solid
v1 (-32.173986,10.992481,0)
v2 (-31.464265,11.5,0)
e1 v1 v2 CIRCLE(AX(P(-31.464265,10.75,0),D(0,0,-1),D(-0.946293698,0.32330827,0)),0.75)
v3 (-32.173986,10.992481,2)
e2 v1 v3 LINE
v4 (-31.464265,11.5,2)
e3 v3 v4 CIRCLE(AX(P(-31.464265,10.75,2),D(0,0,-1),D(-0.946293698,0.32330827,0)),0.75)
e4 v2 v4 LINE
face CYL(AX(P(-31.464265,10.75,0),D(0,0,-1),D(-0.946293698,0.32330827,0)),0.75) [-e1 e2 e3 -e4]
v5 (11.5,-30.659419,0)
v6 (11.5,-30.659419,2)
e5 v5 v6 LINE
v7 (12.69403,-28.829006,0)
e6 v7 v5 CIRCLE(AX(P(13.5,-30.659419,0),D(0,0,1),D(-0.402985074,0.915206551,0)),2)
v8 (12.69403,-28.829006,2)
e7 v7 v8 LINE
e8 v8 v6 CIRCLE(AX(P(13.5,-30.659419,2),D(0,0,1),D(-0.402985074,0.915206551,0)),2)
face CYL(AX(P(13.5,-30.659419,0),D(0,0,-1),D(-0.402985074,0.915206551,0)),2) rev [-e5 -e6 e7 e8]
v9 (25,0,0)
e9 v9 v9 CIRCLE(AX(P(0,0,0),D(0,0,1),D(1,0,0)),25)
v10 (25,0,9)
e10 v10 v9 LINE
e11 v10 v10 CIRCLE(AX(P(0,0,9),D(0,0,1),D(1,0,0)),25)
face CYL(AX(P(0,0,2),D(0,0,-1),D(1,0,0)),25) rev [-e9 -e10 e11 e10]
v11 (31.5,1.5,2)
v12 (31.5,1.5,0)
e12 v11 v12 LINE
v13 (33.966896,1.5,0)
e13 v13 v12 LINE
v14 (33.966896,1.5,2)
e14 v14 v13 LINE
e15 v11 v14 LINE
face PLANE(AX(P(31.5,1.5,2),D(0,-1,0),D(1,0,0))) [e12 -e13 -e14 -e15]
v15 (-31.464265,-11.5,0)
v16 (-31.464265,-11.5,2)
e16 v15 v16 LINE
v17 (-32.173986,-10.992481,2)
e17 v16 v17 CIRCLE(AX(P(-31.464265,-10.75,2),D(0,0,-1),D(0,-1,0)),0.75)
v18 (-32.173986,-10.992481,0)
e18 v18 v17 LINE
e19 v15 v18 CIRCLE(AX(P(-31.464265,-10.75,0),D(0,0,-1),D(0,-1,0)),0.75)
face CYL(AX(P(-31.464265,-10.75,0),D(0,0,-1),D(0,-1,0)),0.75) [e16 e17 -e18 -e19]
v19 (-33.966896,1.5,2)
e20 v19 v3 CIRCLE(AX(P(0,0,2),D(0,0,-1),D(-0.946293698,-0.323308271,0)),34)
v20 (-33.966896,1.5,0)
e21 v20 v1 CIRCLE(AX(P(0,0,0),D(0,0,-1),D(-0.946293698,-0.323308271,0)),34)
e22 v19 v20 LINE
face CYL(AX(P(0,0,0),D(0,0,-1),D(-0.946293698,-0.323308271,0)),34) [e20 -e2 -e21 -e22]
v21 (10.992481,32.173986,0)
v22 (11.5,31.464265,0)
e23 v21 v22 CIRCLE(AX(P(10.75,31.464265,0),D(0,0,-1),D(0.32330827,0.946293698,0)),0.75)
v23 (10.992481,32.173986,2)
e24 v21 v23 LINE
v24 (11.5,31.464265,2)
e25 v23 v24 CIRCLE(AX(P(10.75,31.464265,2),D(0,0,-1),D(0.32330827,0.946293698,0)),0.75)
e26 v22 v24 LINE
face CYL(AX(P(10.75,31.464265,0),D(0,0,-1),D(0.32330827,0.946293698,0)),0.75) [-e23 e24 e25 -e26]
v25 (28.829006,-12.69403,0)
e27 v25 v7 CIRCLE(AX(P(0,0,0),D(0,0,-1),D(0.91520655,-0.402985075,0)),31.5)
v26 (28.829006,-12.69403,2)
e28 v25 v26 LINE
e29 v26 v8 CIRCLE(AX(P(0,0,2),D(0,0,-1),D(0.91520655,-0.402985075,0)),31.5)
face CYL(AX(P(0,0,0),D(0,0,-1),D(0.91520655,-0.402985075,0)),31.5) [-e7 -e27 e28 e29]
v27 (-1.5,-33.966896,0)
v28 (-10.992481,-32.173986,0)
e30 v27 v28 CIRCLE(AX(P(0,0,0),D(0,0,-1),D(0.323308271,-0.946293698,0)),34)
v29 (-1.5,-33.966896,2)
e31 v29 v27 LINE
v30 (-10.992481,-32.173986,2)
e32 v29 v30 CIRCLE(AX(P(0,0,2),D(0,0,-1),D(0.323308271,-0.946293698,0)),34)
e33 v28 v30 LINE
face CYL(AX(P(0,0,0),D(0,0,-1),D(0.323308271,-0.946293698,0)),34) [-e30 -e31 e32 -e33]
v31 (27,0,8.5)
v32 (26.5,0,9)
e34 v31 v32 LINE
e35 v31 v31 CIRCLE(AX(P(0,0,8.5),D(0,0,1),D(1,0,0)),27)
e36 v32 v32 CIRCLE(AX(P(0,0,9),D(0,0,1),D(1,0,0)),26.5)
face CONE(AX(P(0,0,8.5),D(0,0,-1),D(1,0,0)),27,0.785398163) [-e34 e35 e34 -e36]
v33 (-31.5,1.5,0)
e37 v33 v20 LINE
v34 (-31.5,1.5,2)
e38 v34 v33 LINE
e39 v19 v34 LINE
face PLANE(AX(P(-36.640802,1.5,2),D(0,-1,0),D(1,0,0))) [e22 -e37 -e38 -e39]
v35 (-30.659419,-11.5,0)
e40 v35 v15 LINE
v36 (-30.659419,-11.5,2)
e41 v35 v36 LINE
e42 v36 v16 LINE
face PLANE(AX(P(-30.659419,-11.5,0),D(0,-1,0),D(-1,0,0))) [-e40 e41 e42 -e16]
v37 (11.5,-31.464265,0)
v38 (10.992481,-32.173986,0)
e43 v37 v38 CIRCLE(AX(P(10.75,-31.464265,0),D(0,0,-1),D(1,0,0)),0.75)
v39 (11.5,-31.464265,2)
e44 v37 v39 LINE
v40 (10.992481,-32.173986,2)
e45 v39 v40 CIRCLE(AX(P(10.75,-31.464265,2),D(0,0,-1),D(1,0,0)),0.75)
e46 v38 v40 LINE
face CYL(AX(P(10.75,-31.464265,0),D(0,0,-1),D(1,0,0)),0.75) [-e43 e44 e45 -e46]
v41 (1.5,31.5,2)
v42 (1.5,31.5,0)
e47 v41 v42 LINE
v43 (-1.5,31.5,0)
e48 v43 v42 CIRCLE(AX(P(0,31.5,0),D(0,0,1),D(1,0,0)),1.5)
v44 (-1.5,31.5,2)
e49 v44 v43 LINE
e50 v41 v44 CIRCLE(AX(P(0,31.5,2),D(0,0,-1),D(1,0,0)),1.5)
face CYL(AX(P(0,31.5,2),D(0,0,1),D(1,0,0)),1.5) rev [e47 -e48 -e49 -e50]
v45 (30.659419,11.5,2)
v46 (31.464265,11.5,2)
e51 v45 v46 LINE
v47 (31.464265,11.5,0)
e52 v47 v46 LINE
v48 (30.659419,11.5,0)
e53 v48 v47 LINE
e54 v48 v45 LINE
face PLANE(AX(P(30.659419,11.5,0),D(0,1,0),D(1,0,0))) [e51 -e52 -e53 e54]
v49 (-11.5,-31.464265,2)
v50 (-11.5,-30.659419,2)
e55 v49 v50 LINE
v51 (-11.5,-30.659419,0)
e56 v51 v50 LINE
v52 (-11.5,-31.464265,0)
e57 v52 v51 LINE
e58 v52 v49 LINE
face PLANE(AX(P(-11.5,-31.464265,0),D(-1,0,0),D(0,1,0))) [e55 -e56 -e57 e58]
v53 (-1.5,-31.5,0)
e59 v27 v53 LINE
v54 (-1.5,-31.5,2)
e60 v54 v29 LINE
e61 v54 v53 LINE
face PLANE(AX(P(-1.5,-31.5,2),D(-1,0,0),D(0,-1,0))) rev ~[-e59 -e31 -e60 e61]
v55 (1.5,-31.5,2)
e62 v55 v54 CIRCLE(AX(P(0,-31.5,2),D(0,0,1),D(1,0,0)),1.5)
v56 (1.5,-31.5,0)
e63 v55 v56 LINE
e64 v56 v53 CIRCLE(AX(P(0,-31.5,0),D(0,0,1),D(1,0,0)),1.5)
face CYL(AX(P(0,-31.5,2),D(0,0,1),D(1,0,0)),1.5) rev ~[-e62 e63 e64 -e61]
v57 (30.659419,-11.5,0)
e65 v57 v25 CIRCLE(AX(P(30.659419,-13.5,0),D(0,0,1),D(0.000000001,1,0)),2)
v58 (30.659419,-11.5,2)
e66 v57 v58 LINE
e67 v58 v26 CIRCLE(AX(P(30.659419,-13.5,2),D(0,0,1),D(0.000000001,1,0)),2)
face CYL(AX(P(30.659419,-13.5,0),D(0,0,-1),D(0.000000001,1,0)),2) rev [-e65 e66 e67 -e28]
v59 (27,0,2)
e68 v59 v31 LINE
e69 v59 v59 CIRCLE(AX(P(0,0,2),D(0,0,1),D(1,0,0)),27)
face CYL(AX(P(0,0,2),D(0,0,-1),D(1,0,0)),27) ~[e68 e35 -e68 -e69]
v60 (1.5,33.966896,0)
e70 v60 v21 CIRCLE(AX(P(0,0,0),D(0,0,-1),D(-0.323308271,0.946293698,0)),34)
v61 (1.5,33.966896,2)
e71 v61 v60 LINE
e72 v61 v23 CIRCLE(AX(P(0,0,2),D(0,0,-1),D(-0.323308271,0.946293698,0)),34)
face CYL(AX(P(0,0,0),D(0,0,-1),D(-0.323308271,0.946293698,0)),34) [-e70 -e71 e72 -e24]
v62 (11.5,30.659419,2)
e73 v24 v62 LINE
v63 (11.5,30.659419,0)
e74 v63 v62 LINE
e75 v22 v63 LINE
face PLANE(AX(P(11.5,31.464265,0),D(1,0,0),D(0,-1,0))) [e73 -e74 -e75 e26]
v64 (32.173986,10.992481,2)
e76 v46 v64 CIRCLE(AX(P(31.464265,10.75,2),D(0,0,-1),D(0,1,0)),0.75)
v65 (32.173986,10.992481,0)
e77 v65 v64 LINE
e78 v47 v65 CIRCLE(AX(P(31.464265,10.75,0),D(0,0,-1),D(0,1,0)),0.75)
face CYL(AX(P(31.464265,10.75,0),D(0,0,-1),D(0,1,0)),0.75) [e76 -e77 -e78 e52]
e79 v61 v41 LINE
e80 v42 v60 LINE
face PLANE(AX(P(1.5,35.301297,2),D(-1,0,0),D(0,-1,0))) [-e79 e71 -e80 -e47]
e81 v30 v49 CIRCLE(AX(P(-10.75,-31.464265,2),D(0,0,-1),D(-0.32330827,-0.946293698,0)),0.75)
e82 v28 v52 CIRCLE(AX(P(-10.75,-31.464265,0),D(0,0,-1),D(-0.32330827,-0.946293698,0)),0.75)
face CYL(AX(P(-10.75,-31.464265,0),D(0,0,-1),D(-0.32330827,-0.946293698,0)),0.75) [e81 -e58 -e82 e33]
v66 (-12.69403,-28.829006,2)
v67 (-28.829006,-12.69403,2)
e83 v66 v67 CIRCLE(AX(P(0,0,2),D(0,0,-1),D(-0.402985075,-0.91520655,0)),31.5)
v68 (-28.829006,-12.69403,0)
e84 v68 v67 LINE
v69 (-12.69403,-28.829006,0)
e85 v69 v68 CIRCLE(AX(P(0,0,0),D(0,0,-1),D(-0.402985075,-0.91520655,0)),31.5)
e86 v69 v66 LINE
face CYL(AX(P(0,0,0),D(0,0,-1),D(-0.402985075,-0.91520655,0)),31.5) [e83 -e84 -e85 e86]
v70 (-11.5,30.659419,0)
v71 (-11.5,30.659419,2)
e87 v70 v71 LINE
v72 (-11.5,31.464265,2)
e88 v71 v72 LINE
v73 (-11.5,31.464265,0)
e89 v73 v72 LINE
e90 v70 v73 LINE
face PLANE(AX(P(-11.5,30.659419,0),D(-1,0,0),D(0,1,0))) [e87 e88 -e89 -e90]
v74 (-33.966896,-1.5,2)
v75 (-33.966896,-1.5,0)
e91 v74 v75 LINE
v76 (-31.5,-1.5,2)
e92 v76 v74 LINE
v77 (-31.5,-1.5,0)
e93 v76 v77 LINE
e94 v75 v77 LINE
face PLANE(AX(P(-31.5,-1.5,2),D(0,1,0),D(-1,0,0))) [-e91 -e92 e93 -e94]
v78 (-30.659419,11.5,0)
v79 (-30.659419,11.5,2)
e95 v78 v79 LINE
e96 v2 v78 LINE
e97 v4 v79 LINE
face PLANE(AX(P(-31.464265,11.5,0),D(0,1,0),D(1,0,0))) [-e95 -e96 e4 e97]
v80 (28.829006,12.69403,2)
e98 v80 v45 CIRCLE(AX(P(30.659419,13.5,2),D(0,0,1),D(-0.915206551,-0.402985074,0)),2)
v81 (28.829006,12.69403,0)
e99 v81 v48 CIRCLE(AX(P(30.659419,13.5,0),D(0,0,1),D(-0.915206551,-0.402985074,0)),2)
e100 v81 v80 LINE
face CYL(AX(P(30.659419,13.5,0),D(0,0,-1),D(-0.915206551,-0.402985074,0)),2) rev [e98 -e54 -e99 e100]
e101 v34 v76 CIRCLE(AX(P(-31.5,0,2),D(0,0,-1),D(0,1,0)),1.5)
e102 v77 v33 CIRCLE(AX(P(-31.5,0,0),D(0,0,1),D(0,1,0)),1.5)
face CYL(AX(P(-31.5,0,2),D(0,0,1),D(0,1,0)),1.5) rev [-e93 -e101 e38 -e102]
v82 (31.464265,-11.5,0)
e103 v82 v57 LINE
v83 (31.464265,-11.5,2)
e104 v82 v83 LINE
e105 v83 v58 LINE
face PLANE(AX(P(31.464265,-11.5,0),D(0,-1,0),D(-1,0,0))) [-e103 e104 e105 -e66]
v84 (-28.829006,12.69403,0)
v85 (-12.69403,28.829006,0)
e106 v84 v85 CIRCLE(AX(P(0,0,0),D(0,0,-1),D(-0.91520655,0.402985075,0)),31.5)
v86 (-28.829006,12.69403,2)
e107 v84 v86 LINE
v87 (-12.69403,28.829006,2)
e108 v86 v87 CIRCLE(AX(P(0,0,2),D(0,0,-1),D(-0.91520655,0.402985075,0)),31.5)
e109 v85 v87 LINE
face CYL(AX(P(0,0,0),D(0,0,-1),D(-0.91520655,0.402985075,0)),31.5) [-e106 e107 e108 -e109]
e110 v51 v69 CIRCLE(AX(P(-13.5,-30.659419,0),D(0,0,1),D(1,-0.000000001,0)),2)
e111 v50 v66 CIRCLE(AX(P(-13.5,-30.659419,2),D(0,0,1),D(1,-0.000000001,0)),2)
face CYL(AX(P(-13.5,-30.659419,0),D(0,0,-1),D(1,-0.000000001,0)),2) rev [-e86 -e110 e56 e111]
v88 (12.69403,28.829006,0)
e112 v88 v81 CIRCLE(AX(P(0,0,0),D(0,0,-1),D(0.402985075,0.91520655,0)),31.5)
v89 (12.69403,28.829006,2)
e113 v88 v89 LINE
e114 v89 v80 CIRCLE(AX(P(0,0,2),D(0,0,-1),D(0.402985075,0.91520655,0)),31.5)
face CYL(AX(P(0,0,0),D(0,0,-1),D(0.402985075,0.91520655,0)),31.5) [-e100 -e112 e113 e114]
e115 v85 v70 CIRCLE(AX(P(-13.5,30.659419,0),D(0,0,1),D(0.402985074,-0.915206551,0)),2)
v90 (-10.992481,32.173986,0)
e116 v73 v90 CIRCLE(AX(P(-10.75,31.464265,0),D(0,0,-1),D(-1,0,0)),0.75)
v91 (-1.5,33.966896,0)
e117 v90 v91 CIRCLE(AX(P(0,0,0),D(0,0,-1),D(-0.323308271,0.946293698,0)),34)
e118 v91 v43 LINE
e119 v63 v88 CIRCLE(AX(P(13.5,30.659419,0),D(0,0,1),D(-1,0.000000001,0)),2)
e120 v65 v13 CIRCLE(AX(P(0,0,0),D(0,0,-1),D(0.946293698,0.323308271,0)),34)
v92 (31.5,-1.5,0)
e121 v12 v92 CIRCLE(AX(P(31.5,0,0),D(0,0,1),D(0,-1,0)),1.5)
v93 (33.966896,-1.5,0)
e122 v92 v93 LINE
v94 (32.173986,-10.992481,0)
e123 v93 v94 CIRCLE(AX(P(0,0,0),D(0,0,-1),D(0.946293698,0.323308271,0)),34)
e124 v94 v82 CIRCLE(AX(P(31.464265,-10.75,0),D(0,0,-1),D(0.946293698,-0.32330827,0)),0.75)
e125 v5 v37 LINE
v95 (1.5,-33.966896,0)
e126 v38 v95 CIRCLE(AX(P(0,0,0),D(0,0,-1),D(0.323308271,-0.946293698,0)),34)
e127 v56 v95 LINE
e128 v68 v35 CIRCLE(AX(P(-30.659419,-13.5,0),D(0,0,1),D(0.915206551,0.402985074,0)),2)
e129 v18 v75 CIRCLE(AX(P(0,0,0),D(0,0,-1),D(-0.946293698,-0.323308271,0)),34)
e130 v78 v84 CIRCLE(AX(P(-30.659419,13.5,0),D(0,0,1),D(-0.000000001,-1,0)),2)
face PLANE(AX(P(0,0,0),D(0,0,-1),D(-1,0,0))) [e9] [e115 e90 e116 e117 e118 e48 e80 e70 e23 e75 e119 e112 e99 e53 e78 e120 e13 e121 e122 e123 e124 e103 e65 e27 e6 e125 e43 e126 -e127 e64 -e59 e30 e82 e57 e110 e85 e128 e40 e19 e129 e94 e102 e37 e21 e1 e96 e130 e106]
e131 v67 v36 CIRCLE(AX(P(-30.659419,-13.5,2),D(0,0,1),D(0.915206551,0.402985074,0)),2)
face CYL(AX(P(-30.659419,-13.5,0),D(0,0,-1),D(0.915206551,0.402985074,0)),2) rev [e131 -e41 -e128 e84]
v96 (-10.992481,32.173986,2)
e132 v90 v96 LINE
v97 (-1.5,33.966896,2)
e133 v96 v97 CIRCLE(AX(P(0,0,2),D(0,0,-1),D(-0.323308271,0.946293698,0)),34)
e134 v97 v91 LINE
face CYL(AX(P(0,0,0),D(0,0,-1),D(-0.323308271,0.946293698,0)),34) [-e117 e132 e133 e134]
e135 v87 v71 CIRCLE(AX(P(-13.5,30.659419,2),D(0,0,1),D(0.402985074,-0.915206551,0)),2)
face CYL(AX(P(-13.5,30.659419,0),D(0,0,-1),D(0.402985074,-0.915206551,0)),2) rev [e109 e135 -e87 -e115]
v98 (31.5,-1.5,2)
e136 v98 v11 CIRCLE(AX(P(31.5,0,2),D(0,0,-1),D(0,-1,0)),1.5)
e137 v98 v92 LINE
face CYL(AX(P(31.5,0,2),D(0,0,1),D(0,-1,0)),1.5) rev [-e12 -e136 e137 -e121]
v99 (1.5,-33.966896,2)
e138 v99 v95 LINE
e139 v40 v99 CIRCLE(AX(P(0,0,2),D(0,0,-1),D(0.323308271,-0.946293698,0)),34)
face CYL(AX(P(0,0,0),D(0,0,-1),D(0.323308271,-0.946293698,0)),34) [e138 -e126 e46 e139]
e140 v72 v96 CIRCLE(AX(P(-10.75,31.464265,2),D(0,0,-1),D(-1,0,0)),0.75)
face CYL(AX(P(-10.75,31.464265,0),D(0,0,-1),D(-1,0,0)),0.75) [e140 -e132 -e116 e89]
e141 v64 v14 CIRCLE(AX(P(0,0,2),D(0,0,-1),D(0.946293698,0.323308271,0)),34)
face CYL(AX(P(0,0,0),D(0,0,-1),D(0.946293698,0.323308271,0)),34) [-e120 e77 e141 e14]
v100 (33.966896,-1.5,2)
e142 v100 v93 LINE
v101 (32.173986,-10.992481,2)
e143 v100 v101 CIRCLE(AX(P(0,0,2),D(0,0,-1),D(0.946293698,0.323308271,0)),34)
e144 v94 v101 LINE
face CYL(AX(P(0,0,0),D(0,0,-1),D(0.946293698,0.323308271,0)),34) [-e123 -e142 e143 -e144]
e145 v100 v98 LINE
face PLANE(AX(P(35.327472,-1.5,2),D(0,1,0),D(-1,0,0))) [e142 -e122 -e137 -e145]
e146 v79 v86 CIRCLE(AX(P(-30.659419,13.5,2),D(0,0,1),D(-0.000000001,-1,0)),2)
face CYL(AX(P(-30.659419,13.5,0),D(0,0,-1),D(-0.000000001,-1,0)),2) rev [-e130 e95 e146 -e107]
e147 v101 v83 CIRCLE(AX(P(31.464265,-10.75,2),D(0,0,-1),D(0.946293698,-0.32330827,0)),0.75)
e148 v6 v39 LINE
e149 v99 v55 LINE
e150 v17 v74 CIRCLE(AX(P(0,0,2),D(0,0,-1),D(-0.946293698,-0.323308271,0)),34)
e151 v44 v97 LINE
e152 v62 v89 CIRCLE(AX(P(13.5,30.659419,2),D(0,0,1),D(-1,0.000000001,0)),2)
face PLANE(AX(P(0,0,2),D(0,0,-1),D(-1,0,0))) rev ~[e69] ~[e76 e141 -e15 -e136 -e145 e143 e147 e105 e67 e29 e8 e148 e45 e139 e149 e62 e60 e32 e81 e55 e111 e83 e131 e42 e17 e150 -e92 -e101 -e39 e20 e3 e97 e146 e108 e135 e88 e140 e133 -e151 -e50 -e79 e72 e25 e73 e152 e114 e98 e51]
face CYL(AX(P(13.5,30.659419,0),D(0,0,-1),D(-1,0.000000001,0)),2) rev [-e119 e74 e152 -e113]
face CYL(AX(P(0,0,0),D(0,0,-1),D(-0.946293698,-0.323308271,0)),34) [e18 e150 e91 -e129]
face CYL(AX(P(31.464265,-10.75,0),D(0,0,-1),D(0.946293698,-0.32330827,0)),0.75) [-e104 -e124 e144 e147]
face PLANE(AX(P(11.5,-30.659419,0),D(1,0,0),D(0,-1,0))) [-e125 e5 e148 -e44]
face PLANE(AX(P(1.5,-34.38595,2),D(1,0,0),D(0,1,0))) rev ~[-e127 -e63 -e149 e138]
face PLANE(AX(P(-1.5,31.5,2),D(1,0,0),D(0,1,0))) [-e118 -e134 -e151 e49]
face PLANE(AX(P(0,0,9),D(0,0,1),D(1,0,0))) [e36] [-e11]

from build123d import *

# Parameters (mm, degrees)
SKETCH1_R           = 25
BOSS_EXTRUDE1_DEPTH = 2
SKETCH2_R           = 27
SKETCH2_R_2         = 25
BOSS_EXTRUDE2_DEPTH = 7
CUT_EXTRUDE1_DEPTH  = 49.590122453
CHAMFER1_SIZE       = 0.5


with BuildPart() as part:
    # Sketch1 → Boss-Extrude1 (new body)
    with BuildSketch(Plane.XY):
        with BuildLine():
            Line((-11.5, 30.659419425), (-11.5, 31.464265445))
            ThreePointArc((-11.5, 31.464265445), (-11.36006594, 31.900521733), (-10.992481203, 32.173985718))
            ThreePointArc((-10.992481203, 32.173985718), (0, 34), (10.992481203, 32.173985718))
            ThreePointArc((10.992481203, 32.173985718), (11.36006594, 31.900521733), (11.5, 31.464265445))
            Line((11.5, 31.464265445), (11.5, 30.659419425))
            ThreePointArc((11.5, 30.659419425), (11.824896973, 29.566702695), (12.694029851, 28.829006324))
            ThreePointArc((12.694029851, 28.829006324), (22.273863602, 22.273863602), (28.829006324, 12.694029851))
            ThreePointArc((28.829006324, 12.694029851), (29.566702695, 11.824896973), (30.659419425, 11.5))
            Line((30.659419425, 11.5), (31.464265445, 11.5))
            ThreePointArc((31.464265445, 11.5), (31.900521733, 11.36006594), (32.173985718, 10.992481203))
            ThreePointArc((32.173985718, 10.992481203), (34, 0), (32.173985718, -10.992481203))
            ThreePointArc((32.173985718, -10.992481203), (31.900521733, -11.36006594), (31.464265445, -11.5))
            Line((31.464265445, -11.5), (30.659419425, -11.5))
            ThreePointArc((30.659419425, -11.5), (29.566702695, -11.824896973), (28.829006324, -12.694029851))
            ThreePointArc((28.829006324, -12.694029851), (22.273863602, -22.273863602), (12.694029851, -28.829006324))
            ThreePointArc((12.694029851, -28.829006324), (11.824896973, -29.566702695), (11.5, -30.659419425))
            Line((11.5, -30.659419425), (11.5, -31.464265445))
            ThreePointArc((11.5, -31.464265445), (11.36006594, -31.900521733), (10.992481203, -32.173985718))
            ThreePointArc((10.992481203, -32.173985718), (0, -34), (-10.992481203, -32.173985718))
            ThreePointArc((-10.992481203, -32.173985718), (-11.36006594, -31.900521733), (-11.5, -31.464265445))
            Line((-11.5, -31.464265445), (-11.5, -30.659419425))
            ThreePointArc((-11.5, -30.659419425), (-11.824896973, -29.566702695), (-12.694029851, -28.829006324))
            ThreePointArc((-12.694029851, -28.829006324), (-22.273863602, -22.273863602), (-28.829006324, -12.694029851))
            ThreePointArc((-28.829006324, -12.694029851), (-29.566702695, -11.824896973), (-30.659419425, -11.5))
            Line((-30.659419425, -11.5), (-31.464265445, -11.5))
            ThreePointArc((-31.464265445, -11.5), (-31.900521733, -11.36006594), (-32.173985718, -10.992481203))
            ThreePointArc((-32.173985718, -10.992481203), (-34, 0), (-32.173985718, 10.992481203))
            ThreePointArc((-32.173985718, 10.992481203), (-31.900521733, 11.36006594), (-31.464265445, 11.5))
            Line((-31.464265445, 11.5), (-30.659419425, 11.5))
            ThreePointArc((-30.659419425, 11.5), (-29.566702695, 11.824896973), (-28.829006324, 12.694029851))
            ThreePointArc((-28.829006324, 12.694029851), (-22.273863602, 22.273863602), (-12.694029851, 28.829006324))
            ThreePointArc((-12.694029851, 28.829006324), (-11.824896973, 29.566702695), (-11.5, 30.659419425))
        make_face()
        Circle(SKETCH1_R, mode=Mode.SUBTRACT)
    extrude(amount=BOSS_EXTRUDE1_DEPTH)

    # Sketch2 → Boss-Extrude2 (add)
    with BuildSketch(Plane.XY.offset(2)):
        Circle(SKETCH2_R)
        Circle(SKETCH2_R_2, mode=Mode.SUBTRACT)
    extrude(amount=BOSS_EXTRUDE2_DEPTH)

    # Sketch3 → Cut-Extrude1 (cut, through all)
    with BuildSketch(Plane.XY.offset(2)):
        with BuildLine():
            Line((31.5, 1.5), (35.327471806, 1.5))
            Line((35.327471806, 1.5), (35.327471806, -1.5))
            Line((35.327471806, -1.5), (31.5, -1.5))
            ThreePointArc((31.5, -1.5), (30, 0), (31.5, 1.5))
        make_face()
        with BuildLine():
            Line((-1.5, -31.5), (-1.5, -34.385950358))
            Line((-1.5, -34.385950358), (1.5, -34.385950358))
            Line((1.5, -34.385950358), (1.5, -31.5))
            ThreePointArc((1.5, -31.5), (0, -30), (-1.5, -31.5))
        make_face()
        with BuildLine():
            Line((-31.5, -1.5), (-36.640801576, -1.5))
            Line((-36.640801576, -1.5), (-36.640801576, 1.5))
            Line((-36.640801576, 1.5), (-31.5, 1.5))
            ThreePointArc((-31.5, 1.5), (-30, 0), (-31.5, -1.5))
        make_face()
        with BuildLine():
            Line((-1.5, 31.5), (-1.5, 35.301296781))
            Line((-1.5, 35.301296781), (1.5, 35.301296781))
            Line((1.5, 35.301296781), (1.5, 31.5))
            ThreePointArc((1.5, 31.5), (0, 30), (-1.5, 31.5))
        make_face()
    extrude(amount=-CUT_EXTRUDE1_DEPTH, mode=Mode.SUBTRACT)

    # Chamfer1
    chamfer1_edges = [part.edges().sort_by_distance(p)[0] for p in [
        (-27, 0, 9),
    ]]
    chamfer(chamfer1_edges, length=CHAMFER1_SIZE)


solid = part.part
